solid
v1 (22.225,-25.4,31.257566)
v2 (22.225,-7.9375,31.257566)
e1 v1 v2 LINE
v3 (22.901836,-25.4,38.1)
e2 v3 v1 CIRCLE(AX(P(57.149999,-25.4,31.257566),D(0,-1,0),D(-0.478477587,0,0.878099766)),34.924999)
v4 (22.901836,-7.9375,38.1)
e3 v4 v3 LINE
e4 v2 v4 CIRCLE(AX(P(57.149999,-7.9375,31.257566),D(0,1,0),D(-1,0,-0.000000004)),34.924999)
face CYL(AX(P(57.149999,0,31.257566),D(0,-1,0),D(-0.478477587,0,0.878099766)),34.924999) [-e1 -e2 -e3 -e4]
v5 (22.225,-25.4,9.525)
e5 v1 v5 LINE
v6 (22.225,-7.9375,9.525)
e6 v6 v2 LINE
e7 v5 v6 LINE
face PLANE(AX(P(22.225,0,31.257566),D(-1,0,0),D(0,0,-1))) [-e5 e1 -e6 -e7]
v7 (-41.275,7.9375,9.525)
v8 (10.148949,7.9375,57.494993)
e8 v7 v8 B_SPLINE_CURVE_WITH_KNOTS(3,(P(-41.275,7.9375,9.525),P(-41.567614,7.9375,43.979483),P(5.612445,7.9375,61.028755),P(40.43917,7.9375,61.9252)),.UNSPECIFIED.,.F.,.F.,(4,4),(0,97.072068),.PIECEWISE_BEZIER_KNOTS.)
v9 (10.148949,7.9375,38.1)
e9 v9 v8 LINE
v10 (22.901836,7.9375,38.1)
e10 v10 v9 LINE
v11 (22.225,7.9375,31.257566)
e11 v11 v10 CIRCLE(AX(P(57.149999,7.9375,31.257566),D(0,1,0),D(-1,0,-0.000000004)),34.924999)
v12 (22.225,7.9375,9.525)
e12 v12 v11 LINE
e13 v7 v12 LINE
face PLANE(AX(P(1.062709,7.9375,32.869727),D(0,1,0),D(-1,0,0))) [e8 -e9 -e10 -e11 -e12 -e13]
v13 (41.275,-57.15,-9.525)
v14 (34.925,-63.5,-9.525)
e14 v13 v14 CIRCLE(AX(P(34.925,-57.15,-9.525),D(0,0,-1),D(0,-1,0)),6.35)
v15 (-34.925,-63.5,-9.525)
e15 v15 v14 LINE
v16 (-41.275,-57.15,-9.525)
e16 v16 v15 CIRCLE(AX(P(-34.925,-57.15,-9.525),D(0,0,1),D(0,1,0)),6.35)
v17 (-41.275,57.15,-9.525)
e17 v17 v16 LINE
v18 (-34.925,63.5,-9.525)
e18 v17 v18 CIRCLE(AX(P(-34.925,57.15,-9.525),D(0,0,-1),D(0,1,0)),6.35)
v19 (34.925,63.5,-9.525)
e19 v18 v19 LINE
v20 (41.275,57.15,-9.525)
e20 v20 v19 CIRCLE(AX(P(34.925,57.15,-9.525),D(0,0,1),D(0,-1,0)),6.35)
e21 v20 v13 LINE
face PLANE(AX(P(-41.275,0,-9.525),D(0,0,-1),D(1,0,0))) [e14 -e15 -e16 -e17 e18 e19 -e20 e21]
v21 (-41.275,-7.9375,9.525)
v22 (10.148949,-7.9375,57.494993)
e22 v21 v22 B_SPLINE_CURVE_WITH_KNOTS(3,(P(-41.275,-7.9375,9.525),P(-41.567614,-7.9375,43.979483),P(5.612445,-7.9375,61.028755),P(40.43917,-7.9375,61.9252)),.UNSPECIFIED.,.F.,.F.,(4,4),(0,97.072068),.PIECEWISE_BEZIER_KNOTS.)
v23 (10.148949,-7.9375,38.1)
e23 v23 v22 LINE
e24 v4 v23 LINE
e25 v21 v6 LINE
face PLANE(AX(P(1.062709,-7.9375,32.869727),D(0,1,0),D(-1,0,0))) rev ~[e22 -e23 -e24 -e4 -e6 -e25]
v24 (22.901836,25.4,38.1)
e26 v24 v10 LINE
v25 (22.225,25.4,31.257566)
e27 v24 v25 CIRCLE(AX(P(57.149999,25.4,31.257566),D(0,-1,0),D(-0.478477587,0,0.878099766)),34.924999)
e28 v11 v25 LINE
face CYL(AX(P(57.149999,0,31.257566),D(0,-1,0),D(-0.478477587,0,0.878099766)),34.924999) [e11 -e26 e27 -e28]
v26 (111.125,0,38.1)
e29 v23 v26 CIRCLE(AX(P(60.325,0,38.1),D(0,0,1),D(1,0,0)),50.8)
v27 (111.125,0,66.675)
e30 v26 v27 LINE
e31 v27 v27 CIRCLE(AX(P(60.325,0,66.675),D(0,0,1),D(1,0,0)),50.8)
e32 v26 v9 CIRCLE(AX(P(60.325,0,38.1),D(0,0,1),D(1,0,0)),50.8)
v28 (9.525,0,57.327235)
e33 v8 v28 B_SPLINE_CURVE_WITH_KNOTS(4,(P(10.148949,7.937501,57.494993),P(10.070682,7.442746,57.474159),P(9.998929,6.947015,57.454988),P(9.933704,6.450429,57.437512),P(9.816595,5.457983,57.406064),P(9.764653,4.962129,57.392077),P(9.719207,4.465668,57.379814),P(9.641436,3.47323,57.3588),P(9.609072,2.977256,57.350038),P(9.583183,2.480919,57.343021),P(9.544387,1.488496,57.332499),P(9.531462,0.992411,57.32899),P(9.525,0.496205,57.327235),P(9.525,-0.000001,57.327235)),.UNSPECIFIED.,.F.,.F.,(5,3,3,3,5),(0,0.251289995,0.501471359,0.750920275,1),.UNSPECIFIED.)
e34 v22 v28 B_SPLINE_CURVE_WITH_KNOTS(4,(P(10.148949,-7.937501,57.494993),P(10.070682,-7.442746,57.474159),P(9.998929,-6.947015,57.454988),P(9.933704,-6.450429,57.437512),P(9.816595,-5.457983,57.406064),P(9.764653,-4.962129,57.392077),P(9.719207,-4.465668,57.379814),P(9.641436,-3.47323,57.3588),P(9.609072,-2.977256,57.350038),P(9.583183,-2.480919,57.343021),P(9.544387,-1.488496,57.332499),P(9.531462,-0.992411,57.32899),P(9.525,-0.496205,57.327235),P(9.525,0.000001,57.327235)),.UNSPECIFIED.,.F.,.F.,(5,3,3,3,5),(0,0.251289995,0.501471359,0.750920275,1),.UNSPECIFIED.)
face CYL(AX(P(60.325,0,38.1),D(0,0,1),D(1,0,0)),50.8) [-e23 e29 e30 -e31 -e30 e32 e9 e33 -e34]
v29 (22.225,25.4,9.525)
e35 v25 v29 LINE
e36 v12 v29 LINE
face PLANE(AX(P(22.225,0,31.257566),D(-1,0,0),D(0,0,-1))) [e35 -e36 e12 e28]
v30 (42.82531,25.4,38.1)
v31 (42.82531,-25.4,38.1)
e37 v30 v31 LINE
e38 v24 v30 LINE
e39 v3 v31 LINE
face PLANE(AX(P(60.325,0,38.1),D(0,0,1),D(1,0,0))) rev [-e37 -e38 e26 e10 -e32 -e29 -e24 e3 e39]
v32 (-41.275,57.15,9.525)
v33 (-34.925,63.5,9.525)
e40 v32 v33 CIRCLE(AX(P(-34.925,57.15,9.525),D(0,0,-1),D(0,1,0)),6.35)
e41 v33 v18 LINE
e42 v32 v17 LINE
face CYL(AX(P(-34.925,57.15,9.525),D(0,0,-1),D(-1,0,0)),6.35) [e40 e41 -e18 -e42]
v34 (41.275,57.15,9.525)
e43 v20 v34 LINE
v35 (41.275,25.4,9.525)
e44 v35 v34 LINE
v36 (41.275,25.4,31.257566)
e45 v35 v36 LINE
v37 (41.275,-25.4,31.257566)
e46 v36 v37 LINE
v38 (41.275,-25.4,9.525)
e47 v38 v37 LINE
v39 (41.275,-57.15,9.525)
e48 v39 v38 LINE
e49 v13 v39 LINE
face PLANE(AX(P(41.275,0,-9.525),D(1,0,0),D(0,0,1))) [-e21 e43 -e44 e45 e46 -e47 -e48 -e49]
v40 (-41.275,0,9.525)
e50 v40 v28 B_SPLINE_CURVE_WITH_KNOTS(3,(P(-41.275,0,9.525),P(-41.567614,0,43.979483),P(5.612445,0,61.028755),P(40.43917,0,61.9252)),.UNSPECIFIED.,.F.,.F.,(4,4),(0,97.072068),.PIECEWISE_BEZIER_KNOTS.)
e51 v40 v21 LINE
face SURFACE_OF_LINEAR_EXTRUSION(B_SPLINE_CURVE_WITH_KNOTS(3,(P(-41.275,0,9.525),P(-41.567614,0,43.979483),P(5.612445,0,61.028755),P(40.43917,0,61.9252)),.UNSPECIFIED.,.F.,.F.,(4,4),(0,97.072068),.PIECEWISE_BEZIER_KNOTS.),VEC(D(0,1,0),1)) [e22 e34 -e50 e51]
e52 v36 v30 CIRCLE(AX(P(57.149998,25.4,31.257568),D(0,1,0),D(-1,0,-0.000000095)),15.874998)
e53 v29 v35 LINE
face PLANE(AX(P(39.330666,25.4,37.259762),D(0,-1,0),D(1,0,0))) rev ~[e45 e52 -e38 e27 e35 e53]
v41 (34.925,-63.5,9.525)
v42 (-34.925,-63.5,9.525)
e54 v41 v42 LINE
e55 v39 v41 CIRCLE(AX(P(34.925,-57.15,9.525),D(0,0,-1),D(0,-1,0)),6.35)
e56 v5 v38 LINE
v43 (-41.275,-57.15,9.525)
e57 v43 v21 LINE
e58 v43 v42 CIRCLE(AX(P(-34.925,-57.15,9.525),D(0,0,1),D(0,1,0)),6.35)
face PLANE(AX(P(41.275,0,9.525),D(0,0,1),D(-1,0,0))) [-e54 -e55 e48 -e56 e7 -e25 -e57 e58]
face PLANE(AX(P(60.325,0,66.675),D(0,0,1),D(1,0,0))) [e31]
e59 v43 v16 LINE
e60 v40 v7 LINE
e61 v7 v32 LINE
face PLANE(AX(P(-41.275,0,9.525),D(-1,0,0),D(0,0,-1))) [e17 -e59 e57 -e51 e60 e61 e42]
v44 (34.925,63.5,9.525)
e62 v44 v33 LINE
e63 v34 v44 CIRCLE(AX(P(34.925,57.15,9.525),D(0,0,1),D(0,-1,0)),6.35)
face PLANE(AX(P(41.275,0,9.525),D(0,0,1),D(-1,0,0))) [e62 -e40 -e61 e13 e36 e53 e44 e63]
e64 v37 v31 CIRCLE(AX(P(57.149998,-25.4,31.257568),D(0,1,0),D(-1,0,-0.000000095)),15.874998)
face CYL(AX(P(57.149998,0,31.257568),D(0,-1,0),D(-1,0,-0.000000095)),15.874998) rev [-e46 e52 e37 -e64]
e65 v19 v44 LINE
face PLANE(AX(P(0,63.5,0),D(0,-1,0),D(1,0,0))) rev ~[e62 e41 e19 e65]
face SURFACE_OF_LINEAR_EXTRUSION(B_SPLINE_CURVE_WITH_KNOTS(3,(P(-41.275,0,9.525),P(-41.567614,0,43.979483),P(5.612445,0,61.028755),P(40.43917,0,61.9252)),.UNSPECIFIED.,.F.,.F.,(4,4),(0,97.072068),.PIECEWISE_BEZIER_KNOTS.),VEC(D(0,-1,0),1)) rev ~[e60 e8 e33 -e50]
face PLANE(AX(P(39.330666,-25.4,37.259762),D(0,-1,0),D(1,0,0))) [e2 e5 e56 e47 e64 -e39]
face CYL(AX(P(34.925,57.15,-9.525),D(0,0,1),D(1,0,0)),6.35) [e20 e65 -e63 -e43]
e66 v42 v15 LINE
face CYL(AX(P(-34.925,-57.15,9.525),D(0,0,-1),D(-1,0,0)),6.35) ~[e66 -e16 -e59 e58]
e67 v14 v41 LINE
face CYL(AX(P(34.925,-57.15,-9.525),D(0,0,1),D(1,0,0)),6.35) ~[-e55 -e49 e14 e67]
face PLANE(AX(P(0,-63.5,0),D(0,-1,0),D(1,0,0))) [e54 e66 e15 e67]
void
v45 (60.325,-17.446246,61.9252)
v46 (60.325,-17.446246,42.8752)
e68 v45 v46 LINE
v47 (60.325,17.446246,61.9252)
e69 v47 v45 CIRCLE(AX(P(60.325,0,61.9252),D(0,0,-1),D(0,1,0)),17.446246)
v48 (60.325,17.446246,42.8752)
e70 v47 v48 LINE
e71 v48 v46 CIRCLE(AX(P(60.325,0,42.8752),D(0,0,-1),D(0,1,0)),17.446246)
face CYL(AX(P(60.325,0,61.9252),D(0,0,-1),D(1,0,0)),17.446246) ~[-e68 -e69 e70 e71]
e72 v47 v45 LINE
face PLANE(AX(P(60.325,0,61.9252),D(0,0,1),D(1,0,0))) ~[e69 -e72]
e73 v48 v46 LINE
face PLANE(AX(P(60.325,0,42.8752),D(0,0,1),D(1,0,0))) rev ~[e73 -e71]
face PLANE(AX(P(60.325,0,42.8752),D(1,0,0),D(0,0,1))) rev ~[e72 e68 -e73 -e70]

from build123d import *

# Parameters (mm, degrees)
F1_DEPTH = 63.5
F2_DEPTH = 25.4
F3_DEPTH = 7.9375
F5_R     = 6.35


with BuildPart() as f1:
    # F0 (on Front) → F1 (new body, symmetric)
    with BuildSketch(Plane.XZ):
        Polygon((-41.275, 9.525), (-41.275, -9.525), (41.275, -9.525), (41.275, 9.525), (22.225, 9.525), align=None)
    extrude(amount=F1_DEPTH, both=True)

    # F0 (on Front) → F2 (join, symmetric)
    with BuildSketch(Plane.XZ):
        with BuildLine():
            Line((22.225, 9.525), (41.275, 9.525))
            Line((41.275, 9.525), (41.275, 31.257566))
            ThreePointArc((41.275, 31.257566), (42.593834, 37.59268), (46.33121, 42.8752))
            Line((46.33121, 42.8752), (60.325, 42.8752))
            Line((60.325, 42.8752), (60.325, 61.9252))
            Line((60.325, 61.9252), (40.43917, 61.9252))
            ThreePointArc((40.43917, 61.9252), (27.121835, 49.091941), (22.225, 31.257566))
            Line((22.225, 31.257566), (22.225, 9.525))
        make_face()
    extrude(amount=F2_DEPTH, both=True)

    # F0 (on Front) → F3 (join, symmetric)
    with BuildSketch(Plane.XZ):
        with BuildLine():
            add(Edge.make_bspline(
                [(-41.275, 9.525), (-41.567614, 43.979483), (5.612445, 61.028755), (40.43917, 61.9252)],
                knots=[0, 0, 0, 0, 97.072068, 97.072068, 97.072068, 97.072068], degree=3))
            Line((-41.275, 9.525), (22.225, 9.525))
            Line((22.225, 9.525), (22.225, 31.257566))
            ThreePointArc((22.225, 31.257566), (27.121835, 49.091941), (40.43917, 61.9252))
        make_face()
    extrude(amount=F3_DEPTH, both=True)

    # F0 (on Front) → F4 (revolve)
    with BuildSketch(Plane.XZ):
        Polygon((60.325, 66.675), (60.325, 61.9252), (77.771246, 61.9252), (77.771246, 42.8752), (60.325, 42.8752), (60.325, 38.1), (111.125, 38.1), (111.125, 66.675), align=None)
    revolve(axis=Axis((60.325, 0, 52.3875), (0, 0, 1)))

    # F5
    f5_edges = [f1.edges().sort_by_distance(p)[0] for p in [
        (-41.275, -63.5, 0),
        (41.275, -63.5, 0),
        (41.275, 63.5, 0),
        (-41.275, 63.5, 0),
    ]]
    fillet(f5_edges, radius=F5_R)


solid = f1.part
